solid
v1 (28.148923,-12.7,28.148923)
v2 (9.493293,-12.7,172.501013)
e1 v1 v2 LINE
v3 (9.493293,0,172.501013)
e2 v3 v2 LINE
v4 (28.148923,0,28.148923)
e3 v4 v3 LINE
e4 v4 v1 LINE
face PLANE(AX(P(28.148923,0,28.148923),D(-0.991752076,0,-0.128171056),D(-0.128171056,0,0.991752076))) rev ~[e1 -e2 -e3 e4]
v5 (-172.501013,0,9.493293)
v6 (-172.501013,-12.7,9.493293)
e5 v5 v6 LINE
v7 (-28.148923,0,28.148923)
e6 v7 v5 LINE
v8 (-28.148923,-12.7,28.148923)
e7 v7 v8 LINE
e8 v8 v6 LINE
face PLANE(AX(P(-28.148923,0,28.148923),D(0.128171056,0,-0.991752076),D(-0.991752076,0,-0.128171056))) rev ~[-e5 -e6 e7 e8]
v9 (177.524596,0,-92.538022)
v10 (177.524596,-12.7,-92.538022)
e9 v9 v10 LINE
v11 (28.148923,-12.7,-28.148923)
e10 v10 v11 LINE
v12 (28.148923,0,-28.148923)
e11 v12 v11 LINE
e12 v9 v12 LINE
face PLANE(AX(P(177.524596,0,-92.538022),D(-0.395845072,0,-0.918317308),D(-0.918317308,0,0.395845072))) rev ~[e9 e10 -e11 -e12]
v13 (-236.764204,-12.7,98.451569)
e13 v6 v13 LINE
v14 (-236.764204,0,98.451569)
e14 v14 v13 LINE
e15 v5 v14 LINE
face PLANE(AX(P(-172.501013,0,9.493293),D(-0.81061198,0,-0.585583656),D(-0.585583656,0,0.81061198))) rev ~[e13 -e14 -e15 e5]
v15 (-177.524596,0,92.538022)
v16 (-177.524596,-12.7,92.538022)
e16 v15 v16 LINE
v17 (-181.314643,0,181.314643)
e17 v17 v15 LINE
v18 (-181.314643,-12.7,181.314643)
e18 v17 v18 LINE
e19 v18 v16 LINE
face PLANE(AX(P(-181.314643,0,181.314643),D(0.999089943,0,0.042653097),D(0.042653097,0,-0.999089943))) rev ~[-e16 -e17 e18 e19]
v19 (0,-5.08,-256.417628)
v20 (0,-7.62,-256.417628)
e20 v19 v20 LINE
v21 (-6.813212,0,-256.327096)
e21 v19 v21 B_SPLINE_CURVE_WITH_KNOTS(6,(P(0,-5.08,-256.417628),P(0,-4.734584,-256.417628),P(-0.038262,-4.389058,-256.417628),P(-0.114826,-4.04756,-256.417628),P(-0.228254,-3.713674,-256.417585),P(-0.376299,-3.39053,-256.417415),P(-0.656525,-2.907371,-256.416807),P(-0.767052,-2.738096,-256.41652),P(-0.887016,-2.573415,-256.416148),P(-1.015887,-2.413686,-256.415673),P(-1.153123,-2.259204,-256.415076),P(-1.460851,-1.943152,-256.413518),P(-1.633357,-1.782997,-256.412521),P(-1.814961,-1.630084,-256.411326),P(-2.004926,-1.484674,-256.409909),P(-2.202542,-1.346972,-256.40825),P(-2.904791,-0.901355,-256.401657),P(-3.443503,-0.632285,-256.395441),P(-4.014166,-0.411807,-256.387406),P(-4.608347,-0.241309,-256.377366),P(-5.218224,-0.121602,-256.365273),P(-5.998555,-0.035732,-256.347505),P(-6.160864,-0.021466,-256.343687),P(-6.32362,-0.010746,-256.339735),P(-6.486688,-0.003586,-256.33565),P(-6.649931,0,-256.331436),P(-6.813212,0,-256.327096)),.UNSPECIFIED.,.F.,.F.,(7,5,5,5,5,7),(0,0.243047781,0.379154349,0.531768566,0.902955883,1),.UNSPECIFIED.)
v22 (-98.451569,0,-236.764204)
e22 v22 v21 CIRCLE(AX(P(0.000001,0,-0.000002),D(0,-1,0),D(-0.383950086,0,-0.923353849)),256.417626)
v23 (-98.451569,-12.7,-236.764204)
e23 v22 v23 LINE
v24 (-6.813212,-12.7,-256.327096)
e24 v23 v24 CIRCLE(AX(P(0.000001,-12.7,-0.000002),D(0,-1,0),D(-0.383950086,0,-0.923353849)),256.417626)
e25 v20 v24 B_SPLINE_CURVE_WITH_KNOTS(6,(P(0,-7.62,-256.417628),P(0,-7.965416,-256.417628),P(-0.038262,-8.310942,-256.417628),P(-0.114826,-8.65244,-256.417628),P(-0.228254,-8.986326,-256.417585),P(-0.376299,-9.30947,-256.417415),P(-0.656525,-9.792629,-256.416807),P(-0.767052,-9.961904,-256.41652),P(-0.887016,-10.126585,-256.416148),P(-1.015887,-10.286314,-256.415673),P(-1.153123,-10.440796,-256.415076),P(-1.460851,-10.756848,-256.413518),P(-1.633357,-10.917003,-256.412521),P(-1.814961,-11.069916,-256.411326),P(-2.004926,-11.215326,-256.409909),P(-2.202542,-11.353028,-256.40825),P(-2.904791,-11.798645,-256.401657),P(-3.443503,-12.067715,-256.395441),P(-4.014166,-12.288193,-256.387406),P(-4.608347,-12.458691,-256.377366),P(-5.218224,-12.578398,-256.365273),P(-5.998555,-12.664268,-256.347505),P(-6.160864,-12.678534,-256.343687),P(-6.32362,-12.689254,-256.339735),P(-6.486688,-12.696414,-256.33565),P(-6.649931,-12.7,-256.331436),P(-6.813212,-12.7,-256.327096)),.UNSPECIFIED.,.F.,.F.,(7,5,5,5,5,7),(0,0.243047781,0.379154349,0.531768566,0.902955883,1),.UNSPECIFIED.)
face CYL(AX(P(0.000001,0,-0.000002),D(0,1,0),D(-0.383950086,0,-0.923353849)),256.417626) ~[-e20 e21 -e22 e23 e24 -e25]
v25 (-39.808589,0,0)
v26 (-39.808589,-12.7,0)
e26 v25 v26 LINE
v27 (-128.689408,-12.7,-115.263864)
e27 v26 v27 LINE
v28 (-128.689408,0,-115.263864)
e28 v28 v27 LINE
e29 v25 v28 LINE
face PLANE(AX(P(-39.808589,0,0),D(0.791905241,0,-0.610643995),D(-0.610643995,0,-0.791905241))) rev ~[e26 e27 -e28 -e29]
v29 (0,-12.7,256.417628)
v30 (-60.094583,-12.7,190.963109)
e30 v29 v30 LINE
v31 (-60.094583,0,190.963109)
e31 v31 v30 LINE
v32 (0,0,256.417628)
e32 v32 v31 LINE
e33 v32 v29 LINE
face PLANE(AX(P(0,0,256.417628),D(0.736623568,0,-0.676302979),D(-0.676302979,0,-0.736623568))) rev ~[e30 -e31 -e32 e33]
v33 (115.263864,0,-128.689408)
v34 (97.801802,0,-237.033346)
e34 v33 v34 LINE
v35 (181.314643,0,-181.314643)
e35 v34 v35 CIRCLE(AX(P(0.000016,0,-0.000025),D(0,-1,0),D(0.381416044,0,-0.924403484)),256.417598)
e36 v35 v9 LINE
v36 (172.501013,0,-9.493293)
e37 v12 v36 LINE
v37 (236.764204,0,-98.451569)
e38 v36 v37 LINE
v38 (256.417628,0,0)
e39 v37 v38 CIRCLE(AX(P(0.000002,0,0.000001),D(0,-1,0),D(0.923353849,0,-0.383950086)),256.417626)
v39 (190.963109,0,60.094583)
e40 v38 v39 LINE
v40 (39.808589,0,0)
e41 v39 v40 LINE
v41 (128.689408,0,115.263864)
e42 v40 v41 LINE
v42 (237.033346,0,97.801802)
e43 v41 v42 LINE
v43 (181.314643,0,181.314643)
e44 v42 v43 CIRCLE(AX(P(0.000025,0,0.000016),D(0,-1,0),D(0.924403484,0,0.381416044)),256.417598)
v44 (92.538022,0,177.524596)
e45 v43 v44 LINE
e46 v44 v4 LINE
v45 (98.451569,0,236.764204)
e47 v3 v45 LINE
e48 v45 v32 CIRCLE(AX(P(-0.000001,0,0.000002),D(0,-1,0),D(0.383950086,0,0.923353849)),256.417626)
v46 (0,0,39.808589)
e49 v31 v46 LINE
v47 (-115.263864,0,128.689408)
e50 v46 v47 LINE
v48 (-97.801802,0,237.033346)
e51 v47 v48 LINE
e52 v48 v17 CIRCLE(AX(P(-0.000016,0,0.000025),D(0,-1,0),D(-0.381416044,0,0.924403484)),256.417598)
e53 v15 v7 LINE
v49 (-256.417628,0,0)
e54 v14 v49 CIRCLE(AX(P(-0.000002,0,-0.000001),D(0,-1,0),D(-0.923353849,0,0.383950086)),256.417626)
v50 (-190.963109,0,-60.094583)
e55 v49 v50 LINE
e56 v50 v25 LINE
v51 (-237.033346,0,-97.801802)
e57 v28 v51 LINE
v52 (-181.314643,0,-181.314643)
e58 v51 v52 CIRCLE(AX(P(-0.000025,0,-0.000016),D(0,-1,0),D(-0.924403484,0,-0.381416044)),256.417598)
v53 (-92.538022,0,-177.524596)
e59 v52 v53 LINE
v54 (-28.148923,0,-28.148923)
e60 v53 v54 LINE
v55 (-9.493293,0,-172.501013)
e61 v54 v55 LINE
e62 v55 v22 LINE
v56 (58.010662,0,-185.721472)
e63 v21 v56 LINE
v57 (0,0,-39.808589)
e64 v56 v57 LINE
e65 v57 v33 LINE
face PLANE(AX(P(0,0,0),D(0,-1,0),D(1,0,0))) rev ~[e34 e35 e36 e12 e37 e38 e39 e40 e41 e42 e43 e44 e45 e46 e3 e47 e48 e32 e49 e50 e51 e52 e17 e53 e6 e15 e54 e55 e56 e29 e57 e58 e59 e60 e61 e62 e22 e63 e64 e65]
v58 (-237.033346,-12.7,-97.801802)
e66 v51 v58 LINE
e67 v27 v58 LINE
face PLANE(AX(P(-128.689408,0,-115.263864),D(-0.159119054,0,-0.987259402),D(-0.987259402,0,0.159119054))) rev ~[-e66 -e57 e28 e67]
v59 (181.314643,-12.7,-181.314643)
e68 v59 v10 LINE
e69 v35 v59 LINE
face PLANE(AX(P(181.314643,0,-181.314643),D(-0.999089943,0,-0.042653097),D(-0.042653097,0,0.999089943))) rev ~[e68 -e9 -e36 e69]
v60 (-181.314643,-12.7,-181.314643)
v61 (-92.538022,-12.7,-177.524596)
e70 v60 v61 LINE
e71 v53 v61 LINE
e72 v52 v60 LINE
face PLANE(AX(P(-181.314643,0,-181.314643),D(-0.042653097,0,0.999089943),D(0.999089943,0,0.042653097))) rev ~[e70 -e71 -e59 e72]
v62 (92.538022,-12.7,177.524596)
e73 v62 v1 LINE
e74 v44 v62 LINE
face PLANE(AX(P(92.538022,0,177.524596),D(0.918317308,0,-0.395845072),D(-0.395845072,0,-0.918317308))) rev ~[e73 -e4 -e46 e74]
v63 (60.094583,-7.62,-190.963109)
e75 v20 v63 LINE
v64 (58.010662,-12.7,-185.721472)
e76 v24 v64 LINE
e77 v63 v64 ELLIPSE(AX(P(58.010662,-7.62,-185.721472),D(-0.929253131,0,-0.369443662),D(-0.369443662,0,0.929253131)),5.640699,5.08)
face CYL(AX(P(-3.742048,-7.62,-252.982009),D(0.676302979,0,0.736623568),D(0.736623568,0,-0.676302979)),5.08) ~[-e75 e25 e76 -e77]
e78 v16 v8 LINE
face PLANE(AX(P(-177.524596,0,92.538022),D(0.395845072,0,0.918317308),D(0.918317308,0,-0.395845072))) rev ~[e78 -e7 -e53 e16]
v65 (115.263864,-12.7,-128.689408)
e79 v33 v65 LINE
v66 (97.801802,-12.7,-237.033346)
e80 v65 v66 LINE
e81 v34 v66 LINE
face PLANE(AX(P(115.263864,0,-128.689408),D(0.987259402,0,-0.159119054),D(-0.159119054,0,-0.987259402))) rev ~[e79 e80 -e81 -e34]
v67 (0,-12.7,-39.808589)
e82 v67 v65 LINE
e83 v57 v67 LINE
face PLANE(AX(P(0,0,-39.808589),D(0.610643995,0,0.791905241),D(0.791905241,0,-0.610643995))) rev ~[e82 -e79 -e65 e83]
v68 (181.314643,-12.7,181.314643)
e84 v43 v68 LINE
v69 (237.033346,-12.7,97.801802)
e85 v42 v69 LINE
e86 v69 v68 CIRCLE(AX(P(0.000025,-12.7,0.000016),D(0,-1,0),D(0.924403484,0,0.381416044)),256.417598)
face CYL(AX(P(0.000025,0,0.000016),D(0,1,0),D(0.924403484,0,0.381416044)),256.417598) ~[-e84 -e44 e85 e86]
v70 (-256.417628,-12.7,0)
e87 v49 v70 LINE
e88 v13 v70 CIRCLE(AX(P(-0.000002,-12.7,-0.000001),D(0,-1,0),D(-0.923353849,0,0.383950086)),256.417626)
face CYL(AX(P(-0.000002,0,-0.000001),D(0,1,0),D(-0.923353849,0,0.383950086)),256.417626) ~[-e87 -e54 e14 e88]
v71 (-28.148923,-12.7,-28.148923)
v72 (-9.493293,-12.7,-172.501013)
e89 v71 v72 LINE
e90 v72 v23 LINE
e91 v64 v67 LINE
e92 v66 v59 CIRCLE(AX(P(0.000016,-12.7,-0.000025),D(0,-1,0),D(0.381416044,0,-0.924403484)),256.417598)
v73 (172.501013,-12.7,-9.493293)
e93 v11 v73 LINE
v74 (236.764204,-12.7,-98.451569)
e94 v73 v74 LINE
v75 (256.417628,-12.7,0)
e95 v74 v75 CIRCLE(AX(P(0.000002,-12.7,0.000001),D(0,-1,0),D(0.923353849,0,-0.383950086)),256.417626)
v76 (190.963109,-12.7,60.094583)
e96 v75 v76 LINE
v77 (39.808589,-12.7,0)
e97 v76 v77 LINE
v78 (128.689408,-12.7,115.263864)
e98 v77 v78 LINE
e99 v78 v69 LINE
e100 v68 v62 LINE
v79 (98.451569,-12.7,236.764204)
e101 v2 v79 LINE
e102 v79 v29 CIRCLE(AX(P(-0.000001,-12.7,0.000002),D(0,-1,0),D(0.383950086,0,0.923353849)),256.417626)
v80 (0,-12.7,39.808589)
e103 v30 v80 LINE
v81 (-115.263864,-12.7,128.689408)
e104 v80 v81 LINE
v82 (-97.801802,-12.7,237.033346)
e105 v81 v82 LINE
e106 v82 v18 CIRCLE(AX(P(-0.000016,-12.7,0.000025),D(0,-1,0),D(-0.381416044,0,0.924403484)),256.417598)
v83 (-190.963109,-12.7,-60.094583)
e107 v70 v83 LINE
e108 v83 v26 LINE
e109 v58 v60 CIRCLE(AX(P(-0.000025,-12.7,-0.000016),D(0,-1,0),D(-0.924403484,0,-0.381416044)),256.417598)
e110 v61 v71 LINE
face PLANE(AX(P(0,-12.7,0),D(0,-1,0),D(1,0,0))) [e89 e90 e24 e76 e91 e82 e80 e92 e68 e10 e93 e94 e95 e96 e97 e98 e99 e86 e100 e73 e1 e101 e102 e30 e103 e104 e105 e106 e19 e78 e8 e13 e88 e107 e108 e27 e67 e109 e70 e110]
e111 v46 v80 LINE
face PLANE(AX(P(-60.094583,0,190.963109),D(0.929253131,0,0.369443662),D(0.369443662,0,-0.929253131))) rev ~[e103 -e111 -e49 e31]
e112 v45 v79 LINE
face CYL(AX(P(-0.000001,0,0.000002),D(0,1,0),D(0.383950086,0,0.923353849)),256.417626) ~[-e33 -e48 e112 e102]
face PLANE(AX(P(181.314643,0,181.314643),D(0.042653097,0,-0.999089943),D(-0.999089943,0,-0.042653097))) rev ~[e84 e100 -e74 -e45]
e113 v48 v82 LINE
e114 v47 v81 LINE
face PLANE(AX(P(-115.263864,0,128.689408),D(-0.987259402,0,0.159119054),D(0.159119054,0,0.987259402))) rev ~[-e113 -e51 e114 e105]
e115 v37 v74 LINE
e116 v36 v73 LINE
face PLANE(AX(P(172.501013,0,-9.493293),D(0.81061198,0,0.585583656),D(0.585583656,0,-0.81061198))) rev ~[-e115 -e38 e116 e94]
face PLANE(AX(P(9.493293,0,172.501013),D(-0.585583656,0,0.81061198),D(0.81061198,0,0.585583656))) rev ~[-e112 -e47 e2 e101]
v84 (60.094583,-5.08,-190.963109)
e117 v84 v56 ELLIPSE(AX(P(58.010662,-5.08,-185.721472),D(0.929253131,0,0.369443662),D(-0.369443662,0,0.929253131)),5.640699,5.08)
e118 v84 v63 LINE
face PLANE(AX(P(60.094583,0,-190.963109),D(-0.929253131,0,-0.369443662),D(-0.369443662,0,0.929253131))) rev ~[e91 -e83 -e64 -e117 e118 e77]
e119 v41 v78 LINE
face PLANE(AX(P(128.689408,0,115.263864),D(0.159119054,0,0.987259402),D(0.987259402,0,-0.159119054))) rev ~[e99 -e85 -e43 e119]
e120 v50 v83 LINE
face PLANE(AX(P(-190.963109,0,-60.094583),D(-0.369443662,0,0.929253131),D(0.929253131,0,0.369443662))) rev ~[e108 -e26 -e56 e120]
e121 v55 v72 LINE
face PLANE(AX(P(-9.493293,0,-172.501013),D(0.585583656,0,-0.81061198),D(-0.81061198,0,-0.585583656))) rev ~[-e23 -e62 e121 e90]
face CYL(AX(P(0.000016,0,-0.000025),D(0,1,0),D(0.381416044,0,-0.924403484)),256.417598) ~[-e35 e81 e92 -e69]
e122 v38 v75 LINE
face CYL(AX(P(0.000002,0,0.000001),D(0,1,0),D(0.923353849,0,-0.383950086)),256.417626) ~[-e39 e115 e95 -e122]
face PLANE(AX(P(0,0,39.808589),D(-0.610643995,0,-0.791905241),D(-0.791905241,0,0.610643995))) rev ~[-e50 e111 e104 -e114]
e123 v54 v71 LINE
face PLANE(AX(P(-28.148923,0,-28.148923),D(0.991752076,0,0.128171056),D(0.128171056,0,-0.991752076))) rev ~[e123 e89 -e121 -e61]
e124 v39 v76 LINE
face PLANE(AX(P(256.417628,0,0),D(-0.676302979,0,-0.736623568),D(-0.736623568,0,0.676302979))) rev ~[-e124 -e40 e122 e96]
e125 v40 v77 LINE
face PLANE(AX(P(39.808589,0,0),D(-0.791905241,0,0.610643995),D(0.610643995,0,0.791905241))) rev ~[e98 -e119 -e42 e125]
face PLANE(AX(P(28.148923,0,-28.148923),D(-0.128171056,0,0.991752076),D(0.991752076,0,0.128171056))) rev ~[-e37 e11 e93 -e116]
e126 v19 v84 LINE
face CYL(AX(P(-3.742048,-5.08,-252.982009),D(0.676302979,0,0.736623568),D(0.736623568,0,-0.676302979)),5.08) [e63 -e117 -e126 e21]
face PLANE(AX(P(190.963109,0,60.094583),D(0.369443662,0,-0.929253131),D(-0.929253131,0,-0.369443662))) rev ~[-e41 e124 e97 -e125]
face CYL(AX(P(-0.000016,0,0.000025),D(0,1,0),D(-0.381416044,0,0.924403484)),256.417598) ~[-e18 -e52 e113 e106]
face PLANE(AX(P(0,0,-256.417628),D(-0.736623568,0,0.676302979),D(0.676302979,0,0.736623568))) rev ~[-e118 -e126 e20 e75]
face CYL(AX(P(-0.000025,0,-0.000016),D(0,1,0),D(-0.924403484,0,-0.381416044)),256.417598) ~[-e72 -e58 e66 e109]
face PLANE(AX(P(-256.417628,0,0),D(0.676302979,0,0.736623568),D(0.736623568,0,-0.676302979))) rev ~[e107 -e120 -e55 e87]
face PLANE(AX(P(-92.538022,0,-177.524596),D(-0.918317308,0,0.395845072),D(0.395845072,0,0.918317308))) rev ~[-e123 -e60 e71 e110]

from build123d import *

# Parameters (mm, degrees)
F1_DEPTH = 12.7
F2_R     = 5.08


with BuildPart() as f1:
    # F0 (on Front) → F1 (new body)
    with BuildSketch(Plane.XZ):
        with BuildLine():
            Line((-115.263864, 128.689408), (-97.801802, 237.033346))
            ThreePointArc((-97.801802, 237.033346), (-142.311774, 213.301099), (-181.314643, 181.314643))
            Line((-181.314643, 181.314643), (-177.524596, 92.538022))
            Line((-177.524596, 92.538022), (-28.148923, 28.148923))
            Line((-28.148923, 28.148923), (-172.501013, 9.493293))
            Line((-172.501013, 9.493293), (-236.764204, 98.451569))
            ThreePointArc((-236.764204, 98.451569), (-251.456274, 50.197033), (-256.417628, 0))
            Line((-256.417628, 0), (-190.963109, -60.094583))
            Line((-190.963109, -60.094583), (-39.808589, 0))
            Line((-39.808589, 0), (-128.689408, -115.263864))
            Line((-128.689408, -115.263864), (-237.033346, -97.801802))
            ThreePointArc((-237.033346, -97.801802), (-213.301099, -142.311774), (-181.314643, -181.314643))
            Line((-181.314643, -181.314643), (-92.538022, -177.524596))
            Line((-92.538022, -177.524596), (-28.148923, -28.148923))
            Line((-28.148923, -28.148923), (-9.493293, -172.501013))
            Line((-9.493293, -172.501013), (-98.451569, -236.764204))
            ThreePointArc((-98.451569, -236.764204), (-50.197033, -251.456274), (0, -256.417628))
            Line((0, -256.417628), (60.094583, -190.963109))
            Line((60.094583, -190.963109), (0, -39.808589))
            Line((0, -39.808589), (115.263864, -128.689408))
            Line((115.263864, -128.689408), (97.801802, -237.033346))
            ThreePointArc((97.801802, -237.033346), (142.311774, -213.301099), (181.314643, -181.314643))
            Line((181.314643, -181.314643), (177.524596, -92.538022))
            Line((177.524596, -92.538022), (28.148923, -28.148923))
            Line((28.148923, -28.148923), (172.501013, -9.493293))
            Line((172.501013, -9.493293), (236.764204, -98.451569))
            ThreePointArc((236.764204, -98.451569), (251.456274, -50.197033), (256.417628, 0))
            Line((256.417628, 0), (190.963109, 60.094583))
            Line((190.963109, 60.094583), (39.808589, 0))
            Line((39.808589, 0), (128.689408, 115.263864))
            Line((128.689408, 115.263864), (237.033346, 97.801802))
            ThreePointArc((237.033346, 97.801802), (213.301099, 142.311774), (181.314643, 181.314643))
            Line((181.314643, 181.314643), (92.538022, 177.524596))
            Line((92.538022, 177.524596), (28.148923, 28.148923))
            Line((28.148923, 28.148923), (9.493293, 172.501013))
            Line((9.493293, 172.501013), (98.451569, 236.764204))
            ThreePointArc((98.451569, 236.764204), (50.197033, 251.456274), (0, 256.417628))
            Line((0, 256.417628), (-60.094583, 190.963109))
            Line((-60.094583, 190.963109), (0, 39.808589))
            Line((0, 39.808589), (-115.263864, 128.689408))
        make_face()
    extrude(amount=F1_DEPTH)

    # F2
    f2_edges = [f1.edges().sort_by_distance(p)[0] for p in [
        (30.047292, -12.7, -223.690368),
        (30.047292, 0, -223.690368),
    ]]
    fillet(f2_edges, radius=F2_R)


solid = f1.part
